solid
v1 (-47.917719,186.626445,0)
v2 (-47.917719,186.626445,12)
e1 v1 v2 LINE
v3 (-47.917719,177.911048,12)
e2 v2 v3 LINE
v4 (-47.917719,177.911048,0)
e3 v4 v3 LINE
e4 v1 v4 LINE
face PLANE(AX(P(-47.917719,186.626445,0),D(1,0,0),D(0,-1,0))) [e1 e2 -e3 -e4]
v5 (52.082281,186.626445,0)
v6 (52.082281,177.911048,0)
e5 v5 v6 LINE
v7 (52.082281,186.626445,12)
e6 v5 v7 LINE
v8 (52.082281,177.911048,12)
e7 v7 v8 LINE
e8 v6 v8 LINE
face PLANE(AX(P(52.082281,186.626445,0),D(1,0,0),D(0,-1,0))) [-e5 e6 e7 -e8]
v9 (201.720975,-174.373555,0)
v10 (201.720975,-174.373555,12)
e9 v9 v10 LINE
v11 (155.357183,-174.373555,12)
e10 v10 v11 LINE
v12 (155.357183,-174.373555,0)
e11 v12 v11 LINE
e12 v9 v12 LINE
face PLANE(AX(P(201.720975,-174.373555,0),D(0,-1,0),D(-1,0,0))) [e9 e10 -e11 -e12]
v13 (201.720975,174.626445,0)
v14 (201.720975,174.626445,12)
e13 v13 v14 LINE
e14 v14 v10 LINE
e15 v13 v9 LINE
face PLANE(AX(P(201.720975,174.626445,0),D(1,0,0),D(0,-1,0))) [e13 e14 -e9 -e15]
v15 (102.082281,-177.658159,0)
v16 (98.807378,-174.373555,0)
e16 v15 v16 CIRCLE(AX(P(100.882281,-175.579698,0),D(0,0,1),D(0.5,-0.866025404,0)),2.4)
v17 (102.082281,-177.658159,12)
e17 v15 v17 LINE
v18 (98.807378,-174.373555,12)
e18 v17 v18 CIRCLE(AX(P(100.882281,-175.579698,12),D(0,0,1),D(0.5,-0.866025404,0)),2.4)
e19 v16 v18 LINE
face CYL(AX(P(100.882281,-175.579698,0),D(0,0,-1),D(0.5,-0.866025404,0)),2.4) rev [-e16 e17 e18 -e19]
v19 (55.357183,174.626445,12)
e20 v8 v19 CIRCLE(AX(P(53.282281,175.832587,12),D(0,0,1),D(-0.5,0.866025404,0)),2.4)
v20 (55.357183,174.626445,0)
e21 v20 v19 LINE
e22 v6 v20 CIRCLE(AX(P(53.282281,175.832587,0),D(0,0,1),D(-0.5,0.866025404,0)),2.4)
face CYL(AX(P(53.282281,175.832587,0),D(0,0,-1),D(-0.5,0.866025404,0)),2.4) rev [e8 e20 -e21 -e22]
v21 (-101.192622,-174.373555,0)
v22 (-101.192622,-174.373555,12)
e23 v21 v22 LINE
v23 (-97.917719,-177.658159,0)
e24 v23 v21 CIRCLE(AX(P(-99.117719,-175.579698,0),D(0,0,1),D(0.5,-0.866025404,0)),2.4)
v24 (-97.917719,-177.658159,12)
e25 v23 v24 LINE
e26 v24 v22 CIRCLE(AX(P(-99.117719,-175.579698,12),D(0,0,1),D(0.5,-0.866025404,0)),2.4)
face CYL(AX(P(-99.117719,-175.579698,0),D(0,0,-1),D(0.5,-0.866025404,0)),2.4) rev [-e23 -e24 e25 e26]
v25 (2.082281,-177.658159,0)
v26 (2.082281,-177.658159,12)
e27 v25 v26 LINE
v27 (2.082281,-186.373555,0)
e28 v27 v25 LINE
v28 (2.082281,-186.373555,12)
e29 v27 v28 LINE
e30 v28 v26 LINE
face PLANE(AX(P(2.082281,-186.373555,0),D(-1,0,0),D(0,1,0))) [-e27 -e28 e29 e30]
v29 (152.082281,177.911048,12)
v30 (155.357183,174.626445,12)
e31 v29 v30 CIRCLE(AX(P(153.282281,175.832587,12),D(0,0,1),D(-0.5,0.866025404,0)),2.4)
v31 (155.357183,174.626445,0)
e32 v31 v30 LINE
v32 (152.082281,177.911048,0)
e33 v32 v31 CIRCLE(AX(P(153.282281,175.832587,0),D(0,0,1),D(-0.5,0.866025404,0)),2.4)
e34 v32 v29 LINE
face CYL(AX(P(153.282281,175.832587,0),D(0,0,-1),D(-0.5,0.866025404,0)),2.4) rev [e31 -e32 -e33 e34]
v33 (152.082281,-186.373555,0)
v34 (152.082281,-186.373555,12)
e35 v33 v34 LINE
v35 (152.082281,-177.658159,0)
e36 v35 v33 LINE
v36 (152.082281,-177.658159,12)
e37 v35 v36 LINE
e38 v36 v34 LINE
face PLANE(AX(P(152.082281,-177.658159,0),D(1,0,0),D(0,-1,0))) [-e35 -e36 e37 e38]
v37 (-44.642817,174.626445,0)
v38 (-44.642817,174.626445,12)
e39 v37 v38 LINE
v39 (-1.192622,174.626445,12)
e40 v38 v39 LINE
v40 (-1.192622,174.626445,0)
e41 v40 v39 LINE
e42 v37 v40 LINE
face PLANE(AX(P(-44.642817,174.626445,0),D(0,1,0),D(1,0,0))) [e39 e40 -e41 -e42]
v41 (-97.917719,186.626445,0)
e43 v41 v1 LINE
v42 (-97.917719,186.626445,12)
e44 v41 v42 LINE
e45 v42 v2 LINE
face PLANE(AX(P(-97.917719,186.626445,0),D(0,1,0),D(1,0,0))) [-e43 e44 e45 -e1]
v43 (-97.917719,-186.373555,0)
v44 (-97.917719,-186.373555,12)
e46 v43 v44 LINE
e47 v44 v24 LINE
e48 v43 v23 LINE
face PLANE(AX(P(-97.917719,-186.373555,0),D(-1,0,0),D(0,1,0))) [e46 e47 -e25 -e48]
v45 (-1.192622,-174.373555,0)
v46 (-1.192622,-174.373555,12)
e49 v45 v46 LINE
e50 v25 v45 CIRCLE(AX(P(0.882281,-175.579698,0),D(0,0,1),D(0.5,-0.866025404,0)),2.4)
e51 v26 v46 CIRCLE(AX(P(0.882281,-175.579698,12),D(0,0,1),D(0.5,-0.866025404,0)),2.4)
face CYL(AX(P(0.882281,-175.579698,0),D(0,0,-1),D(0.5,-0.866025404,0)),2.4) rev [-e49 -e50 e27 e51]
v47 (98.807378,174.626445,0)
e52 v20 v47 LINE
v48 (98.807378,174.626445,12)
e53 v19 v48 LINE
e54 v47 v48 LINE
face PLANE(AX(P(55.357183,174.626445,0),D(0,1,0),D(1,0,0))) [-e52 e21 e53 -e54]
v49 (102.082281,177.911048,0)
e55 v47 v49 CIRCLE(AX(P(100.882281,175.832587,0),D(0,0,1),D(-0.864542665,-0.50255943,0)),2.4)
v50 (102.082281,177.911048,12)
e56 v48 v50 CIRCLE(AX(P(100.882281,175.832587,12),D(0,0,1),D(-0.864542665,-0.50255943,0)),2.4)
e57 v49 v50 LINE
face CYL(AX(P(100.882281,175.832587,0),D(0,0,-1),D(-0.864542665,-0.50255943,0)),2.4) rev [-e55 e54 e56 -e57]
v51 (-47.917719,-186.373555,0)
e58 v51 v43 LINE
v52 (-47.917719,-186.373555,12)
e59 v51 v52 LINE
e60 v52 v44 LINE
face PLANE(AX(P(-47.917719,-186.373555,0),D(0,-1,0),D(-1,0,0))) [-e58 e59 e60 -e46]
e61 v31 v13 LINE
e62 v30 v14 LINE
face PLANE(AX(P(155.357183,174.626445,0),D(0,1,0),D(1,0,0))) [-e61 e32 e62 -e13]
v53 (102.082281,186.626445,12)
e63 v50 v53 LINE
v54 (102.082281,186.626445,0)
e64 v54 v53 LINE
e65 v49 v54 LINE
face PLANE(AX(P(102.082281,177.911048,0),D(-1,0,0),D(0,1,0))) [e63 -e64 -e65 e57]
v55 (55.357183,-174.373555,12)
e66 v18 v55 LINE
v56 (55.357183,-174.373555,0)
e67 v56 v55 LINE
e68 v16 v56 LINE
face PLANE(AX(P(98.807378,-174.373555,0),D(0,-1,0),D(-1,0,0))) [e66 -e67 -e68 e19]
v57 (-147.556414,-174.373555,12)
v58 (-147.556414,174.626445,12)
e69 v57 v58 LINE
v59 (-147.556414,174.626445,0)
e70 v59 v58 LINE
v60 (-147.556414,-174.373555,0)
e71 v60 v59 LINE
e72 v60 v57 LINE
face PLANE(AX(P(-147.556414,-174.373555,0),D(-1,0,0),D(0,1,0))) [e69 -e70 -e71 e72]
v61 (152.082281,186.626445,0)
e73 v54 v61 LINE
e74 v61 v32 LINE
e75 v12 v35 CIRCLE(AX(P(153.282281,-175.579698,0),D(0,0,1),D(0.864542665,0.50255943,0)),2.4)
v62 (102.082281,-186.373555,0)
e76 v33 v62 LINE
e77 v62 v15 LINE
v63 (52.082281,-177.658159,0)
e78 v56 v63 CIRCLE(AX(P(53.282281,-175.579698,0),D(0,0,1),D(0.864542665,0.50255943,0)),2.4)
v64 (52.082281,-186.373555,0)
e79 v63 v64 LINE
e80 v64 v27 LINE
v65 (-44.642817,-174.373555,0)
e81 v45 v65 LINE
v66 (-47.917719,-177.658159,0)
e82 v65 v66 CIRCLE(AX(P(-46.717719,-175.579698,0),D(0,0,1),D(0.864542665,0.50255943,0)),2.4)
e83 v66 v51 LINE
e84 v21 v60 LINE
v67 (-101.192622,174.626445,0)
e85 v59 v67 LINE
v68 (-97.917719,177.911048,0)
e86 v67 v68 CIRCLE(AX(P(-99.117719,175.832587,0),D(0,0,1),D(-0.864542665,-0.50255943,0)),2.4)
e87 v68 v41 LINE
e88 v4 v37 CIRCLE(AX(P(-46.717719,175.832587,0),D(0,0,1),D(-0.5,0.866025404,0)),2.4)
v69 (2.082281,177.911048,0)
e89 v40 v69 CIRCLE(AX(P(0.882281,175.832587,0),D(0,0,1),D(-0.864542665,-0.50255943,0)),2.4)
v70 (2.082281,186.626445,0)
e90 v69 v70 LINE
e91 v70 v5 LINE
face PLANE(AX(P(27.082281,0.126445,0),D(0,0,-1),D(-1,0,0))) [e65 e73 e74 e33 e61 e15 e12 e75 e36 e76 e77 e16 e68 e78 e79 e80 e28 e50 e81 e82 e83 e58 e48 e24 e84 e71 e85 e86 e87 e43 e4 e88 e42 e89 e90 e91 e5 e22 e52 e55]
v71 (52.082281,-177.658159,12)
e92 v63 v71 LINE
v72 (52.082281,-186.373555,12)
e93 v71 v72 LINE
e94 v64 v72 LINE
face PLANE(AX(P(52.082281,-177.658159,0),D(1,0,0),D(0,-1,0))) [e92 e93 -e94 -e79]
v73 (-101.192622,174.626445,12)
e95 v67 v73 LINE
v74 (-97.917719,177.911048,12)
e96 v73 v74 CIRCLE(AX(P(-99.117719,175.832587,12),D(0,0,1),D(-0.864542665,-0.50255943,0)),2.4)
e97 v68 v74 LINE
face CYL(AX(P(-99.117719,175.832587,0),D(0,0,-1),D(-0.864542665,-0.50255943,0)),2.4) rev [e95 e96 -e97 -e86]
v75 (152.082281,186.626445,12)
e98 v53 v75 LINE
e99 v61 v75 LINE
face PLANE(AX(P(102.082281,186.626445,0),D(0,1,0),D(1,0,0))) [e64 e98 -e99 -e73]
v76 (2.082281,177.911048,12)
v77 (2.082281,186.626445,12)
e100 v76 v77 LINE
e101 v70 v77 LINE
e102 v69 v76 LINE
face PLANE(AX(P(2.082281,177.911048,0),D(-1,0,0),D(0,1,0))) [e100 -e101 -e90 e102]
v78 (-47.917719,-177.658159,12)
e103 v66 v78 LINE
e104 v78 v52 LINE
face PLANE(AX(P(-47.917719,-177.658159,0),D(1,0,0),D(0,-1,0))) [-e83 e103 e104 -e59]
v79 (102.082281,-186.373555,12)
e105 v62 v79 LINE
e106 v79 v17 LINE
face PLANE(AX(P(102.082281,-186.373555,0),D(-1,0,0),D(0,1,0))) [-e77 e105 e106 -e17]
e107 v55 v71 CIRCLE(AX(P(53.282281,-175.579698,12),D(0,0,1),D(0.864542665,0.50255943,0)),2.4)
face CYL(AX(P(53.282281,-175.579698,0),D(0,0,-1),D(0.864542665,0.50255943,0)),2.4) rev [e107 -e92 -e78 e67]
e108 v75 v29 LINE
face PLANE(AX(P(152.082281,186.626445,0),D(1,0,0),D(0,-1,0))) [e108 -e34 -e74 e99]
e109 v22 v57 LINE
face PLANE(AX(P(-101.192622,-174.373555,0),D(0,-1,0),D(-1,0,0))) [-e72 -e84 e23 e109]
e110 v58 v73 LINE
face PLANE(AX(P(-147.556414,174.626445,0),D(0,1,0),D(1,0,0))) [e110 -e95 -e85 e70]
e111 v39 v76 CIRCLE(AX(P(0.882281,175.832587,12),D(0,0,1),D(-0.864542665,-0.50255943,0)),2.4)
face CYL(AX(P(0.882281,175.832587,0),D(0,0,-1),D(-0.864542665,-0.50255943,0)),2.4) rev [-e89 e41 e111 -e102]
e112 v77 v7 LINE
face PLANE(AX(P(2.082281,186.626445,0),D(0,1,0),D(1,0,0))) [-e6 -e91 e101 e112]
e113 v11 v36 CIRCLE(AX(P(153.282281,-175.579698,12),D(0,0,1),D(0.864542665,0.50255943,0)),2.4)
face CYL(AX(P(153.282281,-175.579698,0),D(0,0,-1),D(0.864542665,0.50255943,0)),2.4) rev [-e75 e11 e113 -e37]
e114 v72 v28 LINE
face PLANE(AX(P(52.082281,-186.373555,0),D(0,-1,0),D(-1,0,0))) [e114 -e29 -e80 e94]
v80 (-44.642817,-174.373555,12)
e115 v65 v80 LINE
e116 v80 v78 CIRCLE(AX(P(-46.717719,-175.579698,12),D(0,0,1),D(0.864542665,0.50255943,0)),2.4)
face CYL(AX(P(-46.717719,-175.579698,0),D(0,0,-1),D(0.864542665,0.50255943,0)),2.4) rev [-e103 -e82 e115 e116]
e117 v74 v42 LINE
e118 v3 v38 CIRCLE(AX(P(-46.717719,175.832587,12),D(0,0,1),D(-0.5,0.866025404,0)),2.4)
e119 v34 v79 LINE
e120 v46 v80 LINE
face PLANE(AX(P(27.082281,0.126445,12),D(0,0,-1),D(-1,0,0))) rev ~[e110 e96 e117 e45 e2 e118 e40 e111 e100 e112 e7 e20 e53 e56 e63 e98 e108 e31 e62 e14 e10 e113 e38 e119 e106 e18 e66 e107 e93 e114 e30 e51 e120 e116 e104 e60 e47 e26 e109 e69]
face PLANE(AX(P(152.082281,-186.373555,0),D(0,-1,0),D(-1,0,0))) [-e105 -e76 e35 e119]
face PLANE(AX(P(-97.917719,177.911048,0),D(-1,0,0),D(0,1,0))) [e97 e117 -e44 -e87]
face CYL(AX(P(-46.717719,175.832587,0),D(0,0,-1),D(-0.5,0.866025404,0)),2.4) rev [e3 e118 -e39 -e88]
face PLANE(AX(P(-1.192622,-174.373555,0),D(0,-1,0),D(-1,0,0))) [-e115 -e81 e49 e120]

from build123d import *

# Parameters (mm, degrees)
BOSS_EXTRUDE1_DEPTH = 12


with BuildPart() as part:
    # Sketch1 → Boss-Extrude1 (new body)
    with BuildSketch(Plane.XY):
        with BuildLine():
            Line((-147.556413952, 174.626444756), (-101.192621764, 174.626444756))
            ThreePointArc((-101.192621764, 174.626444756), (-97.418155085, 174.138042833), (-97.917719368, 177.911048356))
            Line((-97.917719368, 177.911048356), (-97.917719368, 186.626444756))
            Line((-97.917719368, 186.626444756), (-47.917719368, 186.626444756))
            Line((-47.917719368, 186.626444756), (-47.917719368, 177.911048356))
            ThreePointArc((-47.917719368, 177.911048356), (-48.417283652, 174.138042833), (-44.642816972, 174.626444756))
            Line((-44.642816972, 174.626444756), (-1.192621764, 174.626444756))
            ThreePointArc((-1.192621764, 174.626444756), (2.581844915, 174.138042833), (2.082280632, 177.911048356))
            Line((2.082280632, 177.911048356), (2.082280632, 186.626444756))
            Line((2.082280632, 186.626444756), (52.082280632, 186.626444756))
            Line((52.082280632, 186.626444756), (52.082280632, 177.911048356))
            ThreePointArc((52.082280632, 177.911048356), (51.582716348, 174.138042833), (55.357183028, 174.626444756))
            Line((55.357183028, 174.626444756), (98.807378236, 174.626444756))
            ThreePointArc((98.807378236, 174.626444756), (102.581844915, 174.138042833), (102.082280632, 177.911048356))
            Line((102.082280632, 177.911048356), (102.082280632, 186.626444756))
            Line((102.082280632, 186.626444756), (152.082280632, 186.626444756))
            Line((152.082280632, 186.626444756), (152.082280632, 177.911048356))
            ThreePointArc((152.082280632, 177.911048356), (151.582716348, 174.138042833), (155.357183028, 174.626444756))
            Line((155.357183028, 174.626444756), (201.720975216, 174.626444756))
            Line((201.720975216, 174.626444756), (201.720975216, -174.373555244))
            Line((201.720975216, -174.373555244), (155.357183028, -174.373555244))
            ThreePointArc((155.357183028, -174.373555244), (151.582716348, -173.885153322), (152.082280632, -177.658158845))
            Line((152.082280632, -177.658158845), (152.082280632, -186.373555244))
            Line((152.082280632, -186.373555244), (102.082280632, -186.373555244))
            Line((102.082280632, -186.373555244), (102.082280632, -177.658158845))
            ThreePointArc((102.082280632, -177.658158845), (102.581844915, -173.885153322), (98.807378236, -174.373555244))
            Line((98.807378236, -174.373555244), (55.357183028, -174.373555244))
            ThreePointArc((55.357183028, -174.373555244), (51.582716348, -173.885153322), (52.082280632, -177.658158845))
            Line((52.082280632, -177.658158845), (52.082280632, -186.373555244))
            Line((52.082280632, -186.373555244), (2.082280632, -186.373555244))
            Line((2.082280632, -186.373555244), (2.082280632, -177.658158845))
            ThreePointArc((2.082280632, -177.658158845), (2.581844915, -173.885153322), (-1.192621764, -174.373555244))
            Line((-1.192621764, -174.373555244), (-44.642816972, -174.373555244))
            ThreePointArc((-44.642816972, -174.373555244), (-48.417283652, -173.885153322), (-47.917719368, -177.658158845))
            Line((-47.917719368, -177.658158845), (-47.917719368, -186.373555244))
            Line((-47.917719368, -186.373555244), (-97.917719368, -186.373555244))
            Line((-97.917719368, -186.373555244), (-97.917719368, -177.658158845))
            ThreePointArc((-97.917719368, -177.658158845), (-97.418155085, -173.885153322), (-101.192621764, -174.373555244))
            Line((-101.192621764, -174.373555244), (-147.556413952, -174.373555244))
            Line((-147.556413952, -174.373555244), (-147.556413952, 174.626444756))
        make_face()
    extrude(amount=BOSS_EXTRUDE1_DEPTH)


solid = part.part
